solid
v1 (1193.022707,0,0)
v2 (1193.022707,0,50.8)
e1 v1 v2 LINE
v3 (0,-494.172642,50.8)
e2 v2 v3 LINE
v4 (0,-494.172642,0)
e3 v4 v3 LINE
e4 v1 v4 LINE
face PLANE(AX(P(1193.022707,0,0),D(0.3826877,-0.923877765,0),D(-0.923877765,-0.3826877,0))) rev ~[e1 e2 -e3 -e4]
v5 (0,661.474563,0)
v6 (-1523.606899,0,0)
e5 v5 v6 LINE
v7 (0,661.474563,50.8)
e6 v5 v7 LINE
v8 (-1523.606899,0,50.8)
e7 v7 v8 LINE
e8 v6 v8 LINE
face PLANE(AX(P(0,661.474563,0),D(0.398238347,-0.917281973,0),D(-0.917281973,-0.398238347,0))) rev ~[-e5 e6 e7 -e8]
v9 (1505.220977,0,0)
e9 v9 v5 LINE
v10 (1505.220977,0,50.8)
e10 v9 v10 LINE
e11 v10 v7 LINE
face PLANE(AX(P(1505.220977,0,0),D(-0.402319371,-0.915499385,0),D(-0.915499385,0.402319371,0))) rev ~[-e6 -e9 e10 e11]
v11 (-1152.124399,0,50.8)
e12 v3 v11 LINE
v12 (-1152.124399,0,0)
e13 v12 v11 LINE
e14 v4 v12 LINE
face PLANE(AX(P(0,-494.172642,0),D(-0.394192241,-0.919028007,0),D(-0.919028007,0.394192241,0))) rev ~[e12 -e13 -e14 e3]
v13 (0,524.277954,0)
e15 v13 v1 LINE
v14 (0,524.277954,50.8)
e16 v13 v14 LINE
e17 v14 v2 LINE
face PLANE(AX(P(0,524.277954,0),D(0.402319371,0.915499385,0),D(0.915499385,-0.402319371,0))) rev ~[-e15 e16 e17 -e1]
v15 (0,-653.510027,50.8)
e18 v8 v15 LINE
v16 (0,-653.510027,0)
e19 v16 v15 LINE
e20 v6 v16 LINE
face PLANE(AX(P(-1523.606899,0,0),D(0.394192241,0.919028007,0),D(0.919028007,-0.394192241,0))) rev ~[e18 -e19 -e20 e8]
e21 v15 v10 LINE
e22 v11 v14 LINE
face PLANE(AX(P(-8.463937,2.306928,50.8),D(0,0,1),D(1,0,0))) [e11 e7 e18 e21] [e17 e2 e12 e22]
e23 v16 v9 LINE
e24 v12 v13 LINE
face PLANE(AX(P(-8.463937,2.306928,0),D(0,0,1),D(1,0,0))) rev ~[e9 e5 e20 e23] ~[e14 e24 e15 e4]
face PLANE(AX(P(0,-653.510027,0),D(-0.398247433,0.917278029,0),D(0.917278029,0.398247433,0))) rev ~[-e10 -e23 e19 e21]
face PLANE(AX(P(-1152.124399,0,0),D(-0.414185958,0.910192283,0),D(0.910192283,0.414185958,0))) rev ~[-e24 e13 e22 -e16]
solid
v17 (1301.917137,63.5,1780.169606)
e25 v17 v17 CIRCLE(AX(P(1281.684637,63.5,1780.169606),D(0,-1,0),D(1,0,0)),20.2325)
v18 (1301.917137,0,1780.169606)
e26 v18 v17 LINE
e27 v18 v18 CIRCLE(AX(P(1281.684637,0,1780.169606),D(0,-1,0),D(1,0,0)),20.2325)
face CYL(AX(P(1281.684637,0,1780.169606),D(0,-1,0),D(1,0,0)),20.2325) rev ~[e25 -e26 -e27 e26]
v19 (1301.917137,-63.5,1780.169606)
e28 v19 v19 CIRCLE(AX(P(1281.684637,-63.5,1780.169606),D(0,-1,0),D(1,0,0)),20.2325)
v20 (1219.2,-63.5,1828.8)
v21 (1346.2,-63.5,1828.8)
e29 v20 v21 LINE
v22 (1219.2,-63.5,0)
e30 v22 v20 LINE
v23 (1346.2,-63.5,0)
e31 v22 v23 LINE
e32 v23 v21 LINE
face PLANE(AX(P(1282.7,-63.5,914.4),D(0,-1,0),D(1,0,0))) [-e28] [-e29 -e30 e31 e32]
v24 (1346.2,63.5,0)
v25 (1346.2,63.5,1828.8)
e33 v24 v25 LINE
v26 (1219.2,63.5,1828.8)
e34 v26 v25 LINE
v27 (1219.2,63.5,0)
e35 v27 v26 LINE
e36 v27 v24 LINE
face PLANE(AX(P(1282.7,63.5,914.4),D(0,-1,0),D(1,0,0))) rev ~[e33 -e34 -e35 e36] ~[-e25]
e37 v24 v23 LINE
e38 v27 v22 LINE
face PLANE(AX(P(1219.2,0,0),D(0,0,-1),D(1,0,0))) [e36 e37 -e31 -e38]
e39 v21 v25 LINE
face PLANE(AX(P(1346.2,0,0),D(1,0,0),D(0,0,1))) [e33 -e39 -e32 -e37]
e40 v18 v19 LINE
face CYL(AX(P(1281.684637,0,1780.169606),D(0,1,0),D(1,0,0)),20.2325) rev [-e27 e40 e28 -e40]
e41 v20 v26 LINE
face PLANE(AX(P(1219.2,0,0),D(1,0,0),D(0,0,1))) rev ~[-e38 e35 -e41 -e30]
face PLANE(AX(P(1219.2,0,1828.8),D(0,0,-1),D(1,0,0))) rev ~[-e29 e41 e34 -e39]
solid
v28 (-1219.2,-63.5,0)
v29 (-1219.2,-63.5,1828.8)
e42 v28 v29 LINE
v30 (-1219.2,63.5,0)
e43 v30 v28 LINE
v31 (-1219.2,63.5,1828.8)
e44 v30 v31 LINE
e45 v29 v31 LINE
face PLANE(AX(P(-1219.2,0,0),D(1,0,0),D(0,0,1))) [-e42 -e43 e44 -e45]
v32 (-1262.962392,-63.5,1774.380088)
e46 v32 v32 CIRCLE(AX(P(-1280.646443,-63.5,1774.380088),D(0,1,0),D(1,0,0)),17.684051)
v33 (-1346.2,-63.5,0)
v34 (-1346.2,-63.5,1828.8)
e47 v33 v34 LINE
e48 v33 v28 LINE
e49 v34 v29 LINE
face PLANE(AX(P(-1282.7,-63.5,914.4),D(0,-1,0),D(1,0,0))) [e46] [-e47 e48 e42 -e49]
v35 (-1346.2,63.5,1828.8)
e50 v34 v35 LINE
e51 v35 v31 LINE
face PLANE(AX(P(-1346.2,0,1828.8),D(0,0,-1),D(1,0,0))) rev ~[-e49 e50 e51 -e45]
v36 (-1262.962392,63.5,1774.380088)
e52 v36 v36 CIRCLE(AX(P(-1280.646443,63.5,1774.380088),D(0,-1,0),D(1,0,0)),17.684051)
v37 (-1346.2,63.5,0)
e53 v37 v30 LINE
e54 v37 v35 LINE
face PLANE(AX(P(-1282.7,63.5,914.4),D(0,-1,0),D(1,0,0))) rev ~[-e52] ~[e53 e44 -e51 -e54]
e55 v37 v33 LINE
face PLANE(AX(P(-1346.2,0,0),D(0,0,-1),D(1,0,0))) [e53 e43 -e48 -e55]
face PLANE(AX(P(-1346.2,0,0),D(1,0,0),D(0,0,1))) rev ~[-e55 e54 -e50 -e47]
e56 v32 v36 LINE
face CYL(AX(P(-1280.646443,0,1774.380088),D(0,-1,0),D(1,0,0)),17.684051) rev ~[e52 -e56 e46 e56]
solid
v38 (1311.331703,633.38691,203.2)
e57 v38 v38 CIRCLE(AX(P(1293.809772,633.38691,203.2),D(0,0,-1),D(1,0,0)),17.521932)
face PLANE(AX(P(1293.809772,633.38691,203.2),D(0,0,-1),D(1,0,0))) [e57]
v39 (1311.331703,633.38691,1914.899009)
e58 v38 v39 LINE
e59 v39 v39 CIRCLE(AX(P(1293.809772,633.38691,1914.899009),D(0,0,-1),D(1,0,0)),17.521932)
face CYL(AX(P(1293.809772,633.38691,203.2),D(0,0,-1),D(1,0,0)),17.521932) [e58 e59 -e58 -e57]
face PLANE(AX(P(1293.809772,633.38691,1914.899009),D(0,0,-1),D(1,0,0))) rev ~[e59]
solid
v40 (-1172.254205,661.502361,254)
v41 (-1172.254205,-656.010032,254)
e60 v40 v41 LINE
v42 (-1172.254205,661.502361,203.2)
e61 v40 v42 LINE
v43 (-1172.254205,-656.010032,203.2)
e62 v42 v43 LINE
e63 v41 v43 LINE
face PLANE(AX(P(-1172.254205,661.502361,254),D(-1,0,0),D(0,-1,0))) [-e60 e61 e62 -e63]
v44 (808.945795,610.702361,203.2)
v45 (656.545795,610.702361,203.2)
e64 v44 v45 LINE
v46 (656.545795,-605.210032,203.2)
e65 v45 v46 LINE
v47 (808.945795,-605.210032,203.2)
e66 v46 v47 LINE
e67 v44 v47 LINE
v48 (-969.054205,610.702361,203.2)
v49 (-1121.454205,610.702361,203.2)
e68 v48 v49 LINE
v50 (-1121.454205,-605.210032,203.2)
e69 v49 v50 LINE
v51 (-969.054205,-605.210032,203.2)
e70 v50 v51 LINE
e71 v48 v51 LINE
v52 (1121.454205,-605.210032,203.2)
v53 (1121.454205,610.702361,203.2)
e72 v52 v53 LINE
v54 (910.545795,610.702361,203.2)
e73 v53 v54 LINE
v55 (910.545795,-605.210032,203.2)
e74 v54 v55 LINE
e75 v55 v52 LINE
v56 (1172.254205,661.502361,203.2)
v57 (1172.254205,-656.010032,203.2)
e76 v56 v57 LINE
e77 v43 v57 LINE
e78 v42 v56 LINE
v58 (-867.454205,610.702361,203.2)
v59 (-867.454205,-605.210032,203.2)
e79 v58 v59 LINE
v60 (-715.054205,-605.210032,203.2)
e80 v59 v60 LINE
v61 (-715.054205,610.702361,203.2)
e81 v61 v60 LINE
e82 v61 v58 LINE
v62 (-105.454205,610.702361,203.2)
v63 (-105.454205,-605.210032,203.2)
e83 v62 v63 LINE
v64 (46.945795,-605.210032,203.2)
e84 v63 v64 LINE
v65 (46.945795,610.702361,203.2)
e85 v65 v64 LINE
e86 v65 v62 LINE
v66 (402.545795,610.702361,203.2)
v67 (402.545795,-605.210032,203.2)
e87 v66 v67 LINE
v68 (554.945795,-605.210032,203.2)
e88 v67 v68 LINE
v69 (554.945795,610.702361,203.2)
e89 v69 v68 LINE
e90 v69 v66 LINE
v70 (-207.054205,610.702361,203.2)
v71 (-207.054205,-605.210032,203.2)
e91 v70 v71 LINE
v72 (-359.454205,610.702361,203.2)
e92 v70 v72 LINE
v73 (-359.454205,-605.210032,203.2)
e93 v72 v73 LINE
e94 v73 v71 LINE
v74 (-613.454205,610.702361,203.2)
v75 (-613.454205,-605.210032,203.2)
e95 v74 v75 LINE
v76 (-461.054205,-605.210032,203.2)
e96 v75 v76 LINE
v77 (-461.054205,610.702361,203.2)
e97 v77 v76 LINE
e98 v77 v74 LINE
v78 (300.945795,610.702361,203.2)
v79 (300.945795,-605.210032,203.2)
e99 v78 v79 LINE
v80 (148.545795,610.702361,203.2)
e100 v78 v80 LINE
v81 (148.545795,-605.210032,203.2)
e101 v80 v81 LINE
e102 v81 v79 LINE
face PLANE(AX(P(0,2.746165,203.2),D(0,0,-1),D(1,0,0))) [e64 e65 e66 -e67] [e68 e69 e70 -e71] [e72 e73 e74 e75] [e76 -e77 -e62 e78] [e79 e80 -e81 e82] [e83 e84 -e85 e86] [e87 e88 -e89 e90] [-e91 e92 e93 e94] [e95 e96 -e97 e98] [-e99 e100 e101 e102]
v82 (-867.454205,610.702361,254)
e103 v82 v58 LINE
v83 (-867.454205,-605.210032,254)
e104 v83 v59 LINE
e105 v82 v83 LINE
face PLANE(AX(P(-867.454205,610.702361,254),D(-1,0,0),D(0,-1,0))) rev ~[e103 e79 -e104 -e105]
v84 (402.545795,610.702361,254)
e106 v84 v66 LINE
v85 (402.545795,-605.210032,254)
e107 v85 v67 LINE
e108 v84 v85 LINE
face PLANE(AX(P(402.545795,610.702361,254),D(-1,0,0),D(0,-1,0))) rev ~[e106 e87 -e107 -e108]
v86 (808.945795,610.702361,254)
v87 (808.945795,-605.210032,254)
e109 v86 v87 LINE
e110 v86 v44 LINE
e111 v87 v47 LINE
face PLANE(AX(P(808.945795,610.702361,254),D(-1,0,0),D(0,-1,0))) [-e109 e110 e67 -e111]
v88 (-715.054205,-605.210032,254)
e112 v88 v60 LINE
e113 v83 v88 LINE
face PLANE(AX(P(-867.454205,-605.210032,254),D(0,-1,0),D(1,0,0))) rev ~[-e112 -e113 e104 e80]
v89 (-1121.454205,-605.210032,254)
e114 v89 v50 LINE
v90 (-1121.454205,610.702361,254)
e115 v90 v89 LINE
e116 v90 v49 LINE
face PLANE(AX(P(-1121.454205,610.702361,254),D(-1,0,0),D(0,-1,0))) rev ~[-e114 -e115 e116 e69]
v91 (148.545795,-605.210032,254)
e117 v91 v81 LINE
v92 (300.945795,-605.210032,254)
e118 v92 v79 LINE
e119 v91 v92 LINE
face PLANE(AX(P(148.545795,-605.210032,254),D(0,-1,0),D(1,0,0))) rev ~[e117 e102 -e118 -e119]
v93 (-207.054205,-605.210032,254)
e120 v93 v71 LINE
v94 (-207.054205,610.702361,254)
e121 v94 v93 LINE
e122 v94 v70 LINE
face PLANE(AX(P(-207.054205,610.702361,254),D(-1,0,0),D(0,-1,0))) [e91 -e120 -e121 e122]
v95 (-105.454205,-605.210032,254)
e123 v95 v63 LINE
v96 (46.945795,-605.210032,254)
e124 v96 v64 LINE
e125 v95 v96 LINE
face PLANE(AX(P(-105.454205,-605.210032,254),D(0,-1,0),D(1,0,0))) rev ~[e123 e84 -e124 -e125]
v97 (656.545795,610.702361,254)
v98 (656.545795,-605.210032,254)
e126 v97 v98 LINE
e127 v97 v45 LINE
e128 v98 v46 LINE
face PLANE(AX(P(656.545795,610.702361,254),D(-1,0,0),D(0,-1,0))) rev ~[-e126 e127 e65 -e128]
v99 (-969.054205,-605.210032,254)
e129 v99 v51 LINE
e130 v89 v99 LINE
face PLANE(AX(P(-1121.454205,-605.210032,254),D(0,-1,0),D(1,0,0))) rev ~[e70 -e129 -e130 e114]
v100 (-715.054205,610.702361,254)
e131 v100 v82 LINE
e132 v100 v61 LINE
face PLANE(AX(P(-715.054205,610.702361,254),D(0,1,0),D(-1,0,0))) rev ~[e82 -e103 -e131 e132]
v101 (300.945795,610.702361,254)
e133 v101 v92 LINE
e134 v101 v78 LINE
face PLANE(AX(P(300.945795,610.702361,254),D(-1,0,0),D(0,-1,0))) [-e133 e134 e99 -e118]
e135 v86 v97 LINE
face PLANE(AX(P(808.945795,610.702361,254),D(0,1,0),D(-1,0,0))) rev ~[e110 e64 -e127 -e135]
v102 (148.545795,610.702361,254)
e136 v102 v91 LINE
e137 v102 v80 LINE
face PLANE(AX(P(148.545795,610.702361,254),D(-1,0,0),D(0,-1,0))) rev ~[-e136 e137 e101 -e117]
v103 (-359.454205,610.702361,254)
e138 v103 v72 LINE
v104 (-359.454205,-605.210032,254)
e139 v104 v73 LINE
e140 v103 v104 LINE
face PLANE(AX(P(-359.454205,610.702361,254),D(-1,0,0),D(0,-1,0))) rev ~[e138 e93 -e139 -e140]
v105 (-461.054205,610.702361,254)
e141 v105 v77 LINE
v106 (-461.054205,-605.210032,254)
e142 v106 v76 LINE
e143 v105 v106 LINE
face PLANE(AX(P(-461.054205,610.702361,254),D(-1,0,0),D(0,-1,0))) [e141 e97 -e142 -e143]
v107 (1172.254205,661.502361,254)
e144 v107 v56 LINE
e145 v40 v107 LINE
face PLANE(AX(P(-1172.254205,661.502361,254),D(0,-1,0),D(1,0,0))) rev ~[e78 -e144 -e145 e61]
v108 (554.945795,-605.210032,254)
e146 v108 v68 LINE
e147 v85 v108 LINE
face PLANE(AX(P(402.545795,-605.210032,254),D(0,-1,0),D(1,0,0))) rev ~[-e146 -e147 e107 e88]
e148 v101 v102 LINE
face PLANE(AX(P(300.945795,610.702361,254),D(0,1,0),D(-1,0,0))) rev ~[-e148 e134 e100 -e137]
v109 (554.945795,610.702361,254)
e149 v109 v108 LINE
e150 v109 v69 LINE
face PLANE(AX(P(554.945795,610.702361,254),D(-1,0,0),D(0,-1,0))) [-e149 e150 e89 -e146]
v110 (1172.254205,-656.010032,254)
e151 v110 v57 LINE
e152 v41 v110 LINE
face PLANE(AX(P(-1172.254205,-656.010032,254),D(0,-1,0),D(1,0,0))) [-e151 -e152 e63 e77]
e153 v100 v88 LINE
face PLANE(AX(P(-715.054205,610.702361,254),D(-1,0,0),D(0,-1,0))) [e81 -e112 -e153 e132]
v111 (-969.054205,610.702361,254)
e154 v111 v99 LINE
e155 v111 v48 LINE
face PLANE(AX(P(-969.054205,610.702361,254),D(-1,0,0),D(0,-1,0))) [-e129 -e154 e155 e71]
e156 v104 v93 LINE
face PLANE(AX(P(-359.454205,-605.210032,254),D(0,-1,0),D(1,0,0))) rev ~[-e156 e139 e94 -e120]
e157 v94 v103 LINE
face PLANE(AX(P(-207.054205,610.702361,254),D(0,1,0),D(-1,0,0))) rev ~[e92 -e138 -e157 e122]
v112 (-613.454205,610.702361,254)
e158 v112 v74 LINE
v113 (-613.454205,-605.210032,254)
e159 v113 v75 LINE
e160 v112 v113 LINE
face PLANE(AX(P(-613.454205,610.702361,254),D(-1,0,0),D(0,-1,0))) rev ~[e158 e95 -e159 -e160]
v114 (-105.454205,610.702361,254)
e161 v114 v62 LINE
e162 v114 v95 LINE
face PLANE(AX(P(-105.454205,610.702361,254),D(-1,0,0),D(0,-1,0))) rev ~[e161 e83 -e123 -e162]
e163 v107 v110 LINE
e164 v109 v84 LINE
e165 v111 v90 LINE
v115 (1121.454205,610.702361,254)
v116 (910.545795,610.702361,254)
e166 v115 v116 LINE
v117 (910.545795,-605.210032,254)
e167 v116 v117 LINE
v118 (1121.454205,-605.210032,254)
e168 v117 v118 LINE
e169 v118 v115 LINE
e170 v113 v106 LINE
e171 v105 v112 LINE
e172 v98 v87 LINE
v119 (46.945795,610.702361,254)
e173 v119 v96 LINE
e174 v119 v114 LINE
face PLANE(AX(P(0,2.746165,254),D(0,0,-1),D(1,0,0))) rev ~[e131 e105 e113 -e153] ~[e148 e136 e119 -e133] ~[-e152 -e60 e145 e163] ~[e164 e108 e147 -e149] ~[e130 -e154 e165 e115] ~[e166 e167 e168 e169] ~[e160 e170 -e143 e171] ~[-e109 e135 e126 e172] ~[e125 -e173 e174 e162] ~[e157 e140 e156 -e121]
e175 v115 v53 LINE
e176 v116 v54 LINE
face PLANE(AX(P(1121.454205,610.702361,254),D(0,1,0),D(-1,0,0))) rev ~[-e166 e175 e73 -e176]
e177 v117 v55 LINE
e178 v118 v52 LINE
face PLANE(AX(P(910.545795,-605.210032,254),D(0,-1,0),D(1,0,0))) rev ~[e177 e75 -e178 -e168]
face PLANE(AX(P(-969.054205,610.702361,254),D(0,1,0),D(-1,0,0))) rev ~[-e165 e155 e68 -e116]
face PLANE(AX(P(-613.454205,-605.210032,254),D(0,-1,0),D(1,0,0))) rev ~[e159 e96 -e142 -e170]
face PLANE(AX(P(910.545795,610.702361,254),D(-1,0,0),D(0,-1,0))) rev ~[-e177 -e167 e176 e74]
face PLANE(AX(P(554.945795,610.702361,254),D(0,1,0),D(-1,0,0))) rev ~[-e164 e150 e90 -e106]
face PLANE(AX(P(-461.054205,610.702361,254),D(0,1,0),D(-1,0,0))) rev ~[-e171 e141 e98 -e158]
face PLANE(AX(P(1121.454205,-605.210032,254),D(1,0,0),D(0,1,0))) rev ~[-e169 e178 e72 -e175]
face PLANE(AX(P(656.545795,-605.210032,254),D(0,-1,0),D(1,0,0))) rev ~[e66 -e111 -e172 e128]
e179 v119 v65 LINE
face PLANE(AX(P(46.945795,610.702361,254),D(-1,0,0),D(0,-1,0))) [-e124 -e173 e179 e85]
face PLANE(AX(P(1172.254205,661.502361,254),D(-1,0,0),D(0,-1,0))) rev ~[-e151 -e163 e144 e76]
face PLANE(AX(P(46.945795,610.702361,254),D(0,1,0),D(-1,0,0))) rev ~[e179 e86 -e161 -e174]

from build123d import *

# Parameters (mm, degrees)
F0_W          = 127
F0_H          = 1828.8
F1_DEPTH      = 63.5
F2_W          = 2344.5084095001
F2_H          = 1312.0200634003
F3_DEPTH      = 76.2
F4_R          = 17.6840509658
F5_DEPTH      = 656.0110317001
F5_DEPTH_BACK = 166.414886713
F6_R          = 20.2324998559
F7_DEPTH      = 63.5
F7_DEPTH_BACK = 170.9811687469
F9_DEPTH      = 50.8
F10_W         = 2344.5084095001
F10_H         = 135.2661035061
F11_DEPTH     = 1320.8
F13_W         = 2344.5084095001
F13_H         = 1317.5123929977
F13_W_2       = 101.6
F13_H_2       = 1215.9123929977
F14_DEPTH     = 50.8
F16_DEPTH     = 50.8
F21_R         = 17.5219317268
F22_DEPTH     = 1711.6990089417


with BuildPart() as f1:
    # F0 (on Front) → F1 (new body, symmetric)
    with BuildSketch(Plane.XZ):
        with Locations((-1282.7, 914.4)):
            Rectangle(F0_W, F0_H)
    extrude(amount=F1_DEPTH, both=True)

    # F4 (on Front) → F5 (cut, two sides)
    with BuildSketch(Plane.XZ) as f5_sk:
        with Locations((-1280.646443367, 1774.3800878525)):
            Circle(F4_R)
    extrude(amount=F5_DEPTH, mode=Mode.SUBTRACT)
    extrude(f5_sk.sketch, amount=-F5_DEPTH_BACK, mode=Mode.SUBTRACT)


with BuildPart() as f1b:
    # F0 (on Front) → F1, piece 2 (new body, symmetric)
    with BuildSketch(Plane.XZ):
        with Locations((1282.7, 914.4)):
            Rectangle(F0_W, F0_H)
    extrude(amount=F1_DEPTH, both=True)

    # F6 (on Front) → F7 (cut, two sides)
    with BuildSketch(Plane.XZ) as f7_sk:
        with Locations((1281.6846370697, 1780.1696062088)):
            Circle(F6_R)
    extrude(amount=F7_DEPTH, mode=Mode.SUBTRACT)
    extrude(f7_sk.sketch, amount=-F7_DEPTH_BACK, mode=Mode.SUBTRACT)


with BuildPart() as f3:
    # F2 (on Top) → F3 (new body)
    with BuildSketch(Plane.XY):
        Rectangle(F2_W, F2_H)
    extrude(amount=F3_DEPTH)


with BuildPart() as f9:
    # F8 (on Top) → F9 (new body)
    with BuildSketch(Plane.XY):
        Polygon((0, 661.4745634012), (-1523.6068986396, 0), (0, -653.5100268468), (1505.2209768039, 0), align=None)
        Polygon((0, -494.172642375), (-1152.1243991841, 0), (0, 524.2779540986), (1193.022706916, 0), align=None, mode=Mode.SUBTRACT)
    extrude(amount=F9_DEPTH)


with BuildPart() as f11:
    # F10 (on face) → F11 (new body)
    with BuildSketch(Plane.XZ.offset(656.0100317001)):
        with Locations((0, 321.633051753)):
            Rectangle(F10_W, F10_H)
    extrude(amount=-F11_DEPTH)

    # F13 (on face) → F14 (join)
    with BuildSketch(Plane(origin=(0, 0, 254), x_dir=(1, 0, 0), z_dir=(0, 0, -1))):
        with Locations((0, -2.7461647987)):
            Rectangle(F13_W, F13_H)
        Polygon((-1121.4542047501, -610.7023612976), (-1121.4542047501, 605.2100317001), (-969.0542047501, 605.2100317001), (-867.4542047501, 605.2100317001), (-715.0542047501, 605.2100317001), (-613.4542047501, 605.2100317001), (-461.0542047501, 605.2100317001), (-359.4542047501, 605.2100317001), (-207.0542047501, 605.2100317001), (-105.4542047501, 605.2100317001), (46.9457952499, 605.2100317001), (148.5457952499, 605.2100317001), (300.9457952499, 605.2100317001), (402.5457952499, 605.2100317001), (554.9457952499, 605.2100317001), (656.5457952499, 605.2100317001), (808.9457952499, 605.2100317001), (910.5457952499, 605.2100317001), (1121.4542047501, 605.2100317001), (1121.4542047501, -610.7023612976), (910.5457952499, -610.7023612976), (808.9457952499, -610.7023612976), (656.5457952499, -610.7023612976), (554.9457952499, -610.7023612976), (402.5457952499, -610.7023612976), (300.9457952499, -610.7023612976), (148.5457952499, -610.7023612976), (46.9457952499, -610.7023612976), (-105.4542047501, -610.7023612976), (-207.0542047501, -610.7023612976), (-359.4542047501, -610.7023612976), (-461.0542047501, -610.7023612976), (-613.4542047501, -610.7023612976), (-715.0542047501, -610.7023612976), (-867.4542047501, -610.7023612976), (-969.0542047501, -610.7023612976), align=None, mode=Mode.SUBTRACT)
        with Locations((605.7457952499, -2.7461647987)):
            Rectangle(F13_W_2, F13_H_2)
        with Locations((-156.2542047501, -2.7461647987)):
            Rectangle(F13_W_2, F13_H_2)
        with Locations((-664.2542047501, -2.7461647987)):
            Rectangle(F13_W_2, F13_H_2)
        with Locations((97.7457952499, -2.7461647987)):
            Rectangle(F13_W_2, F13_H_2)
        with Locations((-410.2542047501, -2.7461647987)):
            Rectangle(F13_W_2, F13_H_2)
        with Locations((859.7457952499, -2.7461647987)):
            Rectangle(F13_W_2, F13_H_2)
        with Locations((-918.2542047501, -2.7461647987)):
            Rectangle(F13_W_2, F13_H_2)
        with Locations((351.7457952499, -2.7461647987)):
            Rectangle(F13_W_2, F13_H_2)
    extrude(amount=F14_DEPTH)


with BuildPart() as f16:
    # F13 (on face) → F16 (new body)
    with BuildSketch(Plane(origin=(0, 0, 254), x_dir=(1, 0, 0), z_dir=(0, 0, -1))):
        with Locations((0, -2.7461647987)):
            Rectangle(F13_W, F13_H)
        Polygon((-1121.4542047501, -610.7023612976), (-1121.4542047501, 605.2100317001), (-969.0542047501, 605.2100317001), (-867.4542047501, 605.2100317001), (-715.0542047501, 605.2100317001), (-613.4542047501, 605.2100317001), (-461.0542047501, 605.2100317001), (-359.4542047501, 605.2100317001), (-207.0542047501, 605.2100317001), (-105.4542047501, 605.2100317001), (46.9457952499, 605.2100317001), (148.5457952499, 605.2100317001), (300.9457952499, 605.2100317001), (402.5457952499, 605.2100317001), (554.9457952499, 605.2100317001), (656.5457952499, 605.2100317001), (808.9457952499, 605.2100317001), (910.5457952499, 605.2100317001), (1121.4542047501, 605.2100317001), (1121.4542047501, -610.7023612976), (910.5457952499, -610.7023612976), (808.9457952499, -610.7023612976), (656.5457952499, -610.7023612976), (554.9457952499, -610.7023612976), (402.5457952499, -610.7023612976), (300.9457952499, -610.7023612976), (148.5457952499, -610.7023612976), (46.9457952499, -610.7023612976), (-105.4542047501, -610.7023612976), (-207.0542047501, -610.7023612976), (-359.4542047501, -610.7023612976), (-461.0542047501, -610.7023612976), (-613.4542047501, -610.7023612976), (-715.0542047501, -610.7023612976), (-867.4542047501, -610.7023612976), (-969.0542047501, -610.7023612976), align=None, mode=Mode.SUBTRACT)
        with Locations((-918.2542047501, -2.7461647987)):
            Rectangle(F13_W_2, F13_H_2)
        with Locations((-664.2542047501, -2.7461647987)):
            Rectangle(F13_W_2, F13_H_2)
        with Locations((-410.2542047501, -2.7461647987)):
            Rectangle(F13_W_2, F13_H_2)
        with Locations((-156.2542047501, -2.7461647987)):
            Rectangle(F13_W_2, F13_H_2)
        with Locations((97.7457952499, -2.7461647987)):
            Rectangle(F13_W_2, F13_H_2)
        with Locations((351.7457952499, -2.7461647987)):
            Rectangle(F13_W_2, F13_H_2)
        with Locations((605.7457952499, -2.7461647987)):
            Rectangle(F13_W_2, F13_H_2)
        with Locations((859.7457952499, -2.7461647987)):
            Rectangle(F13_W_2, F13_H_2)
    extrude(amount=F16_DEPTH)


with BuildPart() as f22:
    # F21 (on face) → F22 (new body)
    with BuildSketch(Plane(origin=(0, 0, 203.2), x_dir=(1, 0, 0), z_dir=(0, 0, -1))):
        with Locations((1293.8097715378, -633.3869099617)):
            Circle(F21_R)
    extrude(amount=-F22_DEPTH)


solid = Compound([f1.part, f1b.part, f9.part, f16.part, f22.part])
